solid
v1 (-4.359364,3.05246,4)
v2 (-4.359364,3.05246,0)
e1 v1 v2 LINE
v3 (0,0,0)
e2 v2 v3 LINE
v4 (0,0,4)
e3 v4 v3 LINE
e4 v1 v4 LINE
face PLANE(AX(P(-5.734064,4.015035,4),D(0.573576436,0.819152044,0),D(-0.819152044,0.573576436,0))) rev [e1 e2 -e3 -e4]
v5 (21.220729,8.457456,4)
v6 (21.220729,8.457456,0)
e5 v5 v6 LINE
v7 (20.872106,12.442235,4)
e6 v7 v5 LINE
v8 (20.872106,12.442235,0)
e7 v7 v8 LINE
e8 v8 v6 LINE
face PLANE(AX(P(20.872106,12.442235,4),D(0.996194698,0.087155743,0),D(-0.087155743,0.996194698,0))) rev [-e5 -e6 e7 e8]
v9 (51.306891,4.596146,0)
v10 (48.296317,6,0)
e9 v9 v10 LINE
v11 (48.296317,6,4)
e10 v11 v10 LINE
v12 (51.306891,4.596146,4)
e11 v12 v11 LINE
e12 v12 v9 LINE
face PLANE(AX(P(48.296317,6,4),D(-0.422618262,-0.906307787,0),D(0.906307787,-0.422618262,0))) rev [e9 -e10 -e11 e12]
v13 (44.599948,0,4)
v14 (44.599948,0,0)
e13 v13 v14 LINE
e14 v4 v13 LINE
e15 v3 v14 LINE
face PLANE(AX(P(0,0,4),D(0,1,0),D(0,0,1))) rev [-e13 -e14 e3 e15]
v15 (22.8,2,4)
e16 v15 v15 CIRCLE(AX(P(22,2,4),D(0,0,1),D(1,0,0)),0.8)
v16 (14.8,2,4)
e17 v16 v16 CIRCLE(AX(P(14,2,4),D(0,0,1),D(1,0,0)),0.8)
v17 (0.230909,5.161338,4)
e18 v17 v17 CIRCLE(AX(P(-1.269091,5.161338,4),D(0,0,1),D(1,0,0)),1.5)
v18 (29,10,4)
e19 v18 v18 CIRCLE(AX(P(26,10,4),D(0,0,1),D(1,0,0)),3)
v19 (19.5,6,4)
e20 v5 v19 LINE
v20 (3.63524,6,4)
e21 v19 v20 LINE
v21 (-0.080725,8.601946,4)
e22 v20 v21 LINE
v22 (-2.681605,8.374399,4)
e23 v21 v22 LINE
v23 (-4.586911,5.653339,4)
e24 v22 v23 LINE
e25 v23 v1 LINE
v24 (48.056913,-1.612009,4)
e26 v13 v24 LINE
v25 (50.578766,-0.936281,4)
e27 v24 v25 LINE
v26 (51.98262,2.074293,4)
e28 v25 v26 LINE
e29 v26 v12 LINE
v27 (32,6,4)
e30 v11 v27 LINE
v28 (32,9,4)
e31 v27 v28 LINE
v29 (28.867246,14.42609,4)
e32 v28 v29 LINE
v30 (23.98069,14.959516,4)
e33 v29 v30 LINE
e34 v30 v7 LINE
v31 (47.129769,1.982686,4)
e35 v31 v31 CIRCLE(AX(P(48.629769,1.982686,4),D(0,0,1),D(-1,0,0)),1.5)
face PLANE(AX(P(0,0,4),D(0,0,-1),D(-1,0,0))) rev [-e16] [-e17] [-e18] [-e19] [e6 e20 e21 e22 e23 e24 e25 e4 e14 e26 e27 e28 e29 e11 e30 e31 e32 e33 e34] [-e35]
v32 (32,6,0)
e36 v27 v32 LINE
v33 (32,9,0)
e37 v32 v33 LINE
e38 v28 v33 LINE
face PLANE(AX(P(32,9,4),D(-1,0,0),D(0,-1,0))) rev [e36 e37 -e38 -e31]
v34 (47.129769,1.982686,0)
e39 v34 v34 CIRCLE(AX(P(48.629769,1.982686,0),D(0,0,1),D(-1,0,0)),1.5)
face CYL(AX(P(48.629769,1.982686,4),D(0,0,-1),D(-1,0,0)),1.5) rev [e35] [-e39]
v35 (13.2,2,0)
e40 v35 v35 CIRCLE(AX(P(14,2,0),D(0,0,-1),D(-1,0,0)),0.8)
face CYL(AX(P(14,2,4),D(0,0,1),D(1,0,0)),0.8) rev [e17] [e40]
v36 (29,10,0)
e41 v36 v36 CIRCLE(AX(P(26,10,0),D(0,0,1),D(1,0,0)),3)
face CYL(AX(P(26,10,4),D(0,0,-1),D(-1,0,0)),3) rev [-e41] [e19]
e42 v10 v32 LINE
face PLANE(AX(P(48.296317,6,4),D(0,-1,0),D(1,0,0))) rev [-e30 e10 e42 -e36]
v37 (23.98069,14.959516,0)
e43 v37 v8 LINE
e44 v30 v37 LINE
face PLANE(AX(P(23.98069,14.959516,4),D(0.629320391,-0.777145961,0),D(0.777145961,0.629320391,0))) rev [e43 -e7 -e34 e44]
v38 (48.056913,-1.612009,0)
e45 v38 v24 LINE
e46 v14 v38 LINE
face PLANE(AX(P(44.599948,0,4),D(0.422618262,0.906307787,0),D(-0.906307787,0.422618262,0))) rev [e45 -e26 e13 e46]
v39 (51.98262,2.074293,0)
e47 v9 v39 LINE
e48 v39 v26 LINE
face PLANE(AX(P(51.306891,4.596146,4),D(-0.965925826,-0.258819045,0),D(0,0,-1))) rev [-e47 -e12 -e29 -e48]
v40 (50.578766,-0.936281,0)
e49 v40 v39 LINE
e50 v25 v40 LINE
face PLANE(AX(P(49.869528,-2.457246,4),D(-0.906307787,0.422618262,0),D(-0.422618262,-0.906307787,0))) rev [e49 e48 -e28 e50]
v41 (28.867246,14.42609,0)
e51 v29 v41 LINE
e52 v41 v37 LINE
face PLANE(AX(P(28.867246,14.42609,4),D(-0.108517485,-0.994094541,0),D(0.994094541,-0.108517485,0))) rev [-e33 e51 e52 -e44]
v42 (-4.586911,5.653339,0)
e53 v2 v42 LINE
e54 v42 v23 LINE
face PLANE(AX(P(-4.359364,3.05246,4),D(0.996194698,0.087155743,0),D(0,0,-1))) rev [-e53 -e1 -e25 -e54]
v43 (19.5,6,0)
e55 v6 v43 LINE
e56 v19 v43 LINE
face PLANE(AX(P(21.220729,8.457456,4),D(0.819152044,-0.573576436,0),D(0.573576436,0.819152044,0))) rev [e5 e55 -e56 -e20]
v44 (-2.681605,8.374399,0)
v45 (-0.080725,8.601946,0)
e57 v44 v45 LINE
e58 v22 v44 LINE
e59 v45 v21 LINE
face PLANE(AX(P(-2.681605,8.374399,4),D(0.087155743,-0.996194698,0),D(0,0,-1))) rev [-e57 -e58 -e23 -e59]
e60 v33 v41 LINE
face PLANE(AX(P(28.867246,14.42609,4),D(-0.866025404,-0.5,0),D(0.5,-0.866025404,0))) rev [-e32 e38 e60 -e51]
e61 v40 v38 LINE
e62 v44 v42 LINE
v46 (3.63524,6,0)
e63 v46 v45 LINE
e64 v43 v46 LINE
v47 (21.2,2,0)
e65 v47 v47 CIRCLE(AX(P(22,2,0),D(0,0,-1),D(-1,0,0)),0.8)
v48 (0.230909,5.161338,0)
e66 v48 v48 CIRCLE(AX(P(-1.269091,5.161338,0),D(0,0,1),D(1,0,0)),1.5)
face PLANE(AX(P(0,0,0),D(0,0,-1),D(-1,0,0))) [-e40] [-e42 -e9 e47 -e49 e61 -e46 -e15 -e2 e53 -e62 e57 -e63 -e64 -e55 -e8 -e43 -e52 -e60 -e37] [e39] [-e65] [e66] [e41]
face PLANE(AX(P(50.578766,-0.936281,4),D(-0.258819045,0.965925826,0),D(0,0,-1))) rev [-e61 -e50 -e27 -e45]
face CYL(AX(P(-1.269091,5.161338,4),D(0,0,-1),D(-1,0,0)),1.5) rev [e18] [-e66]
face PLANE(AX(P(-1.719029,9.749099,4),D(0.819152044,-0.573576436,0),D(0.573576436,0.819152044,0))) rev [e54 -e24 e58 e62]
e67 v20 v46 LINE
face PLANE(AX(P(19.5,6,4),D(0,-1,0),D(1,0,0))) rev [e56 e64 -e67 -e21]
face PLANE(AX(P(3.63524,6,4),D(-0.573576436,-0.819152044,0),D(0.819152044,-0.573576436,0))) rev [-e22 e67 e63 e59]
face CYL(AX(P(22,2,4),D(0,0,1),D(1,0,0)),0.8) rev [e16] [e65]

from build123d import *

# Parameters (mm, degrees)
SKETCH_1_R             = 3
SKETCH_1_R_2           = 1.5
EXTRUDE_1_DEPTH        = 4
HOLE_WIZARD_M2_1_D     = 1.6
HOLE_WIZARD_M2_1_DEPTH = 14
HOLE_WIZARD_M2_1_TIP   = 0.480688495
CHAMFER_1_SIZE         = 2
CHAMFER_1_SIZE2        = 1.678199262
CHAMFER_1_PART_2_SIZE  = 2
CHAMFER_1_PART_2_SIZE2 = 1.678199262
CHAMFER_1_PART_3_SIZE  = 2
CHAMFER_1_PART_3_SIZE2 = 1.678199262
CHAMFER_1_PART_4_SIZE  = 2
CHAMFER_1_PART_4_SIZE2 = 1.678199262


with BuildPart() as part:
    # 草图1 → 凸台-拉伸1 (new body)
    with BuildSketch(Plane.XY):
        Polygon((0, 0), (44.599947574, 0), (49.869528236, -2.457245818), (52.827856068, 3.886908691), (48.296317133, 6), (32, 6), (32, 9), (28.867245682, 14.426089647), (23.980690184, 14.959516489), (20.872106338, 12.442234925), (21.220729309, 8.457456133), (19.5, 6), (3.635239529, 6), (-1.719029256, 9.749099364), (-5.73406431, 4.015035054), align=None)
        with Locations((26, 10)):
            Circle(SKETCH_1_R, mode=Mode.SUBTRACT)
        with Locations((-1.26909065, 5.1613379)):
            Circle(SKETCH_1_R_2, mode=Mode.SUBTRACT)
        with Locations((48.629768791, 1.982686222)):
            Circle(SKETCH_1_R_2, mode=Mode.SUBTRACT)
    extrude(amount=EXTRUDE_1_DEPTH)

    # M2 螺纹孔1
    with Locations(Plane.XY.offset(4)):
        with Locations((14, 2), (22, 2)):
            Hole(HOLE_WIZARD_M2_1_D / 2, depth=HOLE_WIZARD_M2_1_DEPTH)
            with Locations((0, 0, -(HOLE_WIZARD_M2_1_DEPTH + HOLE_WIZARD_M2_1_TIP / 2))):  # 118° drill point
                Cone(0, HOLE_WIZARD_M2_1_D / 2, HOLE_WIZARD_M2_1_TIP, mode=Mode.SUBTRACT)

    # 倒角1
    chamfer_1_edges = [part.edges().sort_by_distance(p)[0] for p in [
        (-5.73406431, 4.015035054, 2),
    ]]
    chamfer_1_side = [part.faces().sort_by_distance(p)[0] for p in [
        (-3.726546783, 6.882067209, 2),
    ]]
    chamfer(chamfer_1_edges, length=CHAMFER_1_SIZE, length2=CHAMFER_1_SIZE2, reference=chamfer_1_side[0])

    # 倒角1 part 2
    chamfer_1_part_2_edges = [part.edges().sort_by_distance(p)[0] for p in [
        (-1.719029256, 9.749099364, 2),
    ]]
    chamfer_1_part_2_side = [part.faces().sort_by_distance(p)[0] for p in [
        (0.958105137, 7.874549682, 2),
    ]]
    chamfer(chamfer_1_part_2_edges, length=CHAMFER_1_PART_2_SIZE, length2=CHAMFER_1_PART_2_SIZE2, reference=chamfer_1_part_2_side[0])

    # 倒角1 part 3
    chamfer_1_part_3_edges = [part.edges().sort_by_distance(p)[0] for p in [
        (52.827856068, 3.886908691, 2),
    ]]
    chamfer_1_part_3_side = [part.faces().sort_by_distance(p)[0] for p in [
        (51.348692152, 0.714831437, 2),
    ]]
    chamfer(chamfer_1_part_3_edges, length=CHAMFER_1_PART_3_SIZE, length2=CHAMFER_1_PART_3_SIZE2, reference=chamfer_1_part_3_side[0])

    # 倒角1 part 4
    chamfer_1_part_4_edges = [part.edges().sort_by_distance(p)[0] for p in [
        (49.869528236, -2.457245818, 2),
    ]]
    chamfer_1_part_4_side = [part.faces().sort_by_distance(p)[0] for p in [
        (47.234737905, -1.228622909, 2),
    ]]
    chamfer(chamfer_1_part_4_edges, length=CHAMFER_1_PART_4_SIZE, length2=CHAMFER_1_PART_4_SIZE2, reference=chamfer_1_part_4_side[0])


solid = part.part
